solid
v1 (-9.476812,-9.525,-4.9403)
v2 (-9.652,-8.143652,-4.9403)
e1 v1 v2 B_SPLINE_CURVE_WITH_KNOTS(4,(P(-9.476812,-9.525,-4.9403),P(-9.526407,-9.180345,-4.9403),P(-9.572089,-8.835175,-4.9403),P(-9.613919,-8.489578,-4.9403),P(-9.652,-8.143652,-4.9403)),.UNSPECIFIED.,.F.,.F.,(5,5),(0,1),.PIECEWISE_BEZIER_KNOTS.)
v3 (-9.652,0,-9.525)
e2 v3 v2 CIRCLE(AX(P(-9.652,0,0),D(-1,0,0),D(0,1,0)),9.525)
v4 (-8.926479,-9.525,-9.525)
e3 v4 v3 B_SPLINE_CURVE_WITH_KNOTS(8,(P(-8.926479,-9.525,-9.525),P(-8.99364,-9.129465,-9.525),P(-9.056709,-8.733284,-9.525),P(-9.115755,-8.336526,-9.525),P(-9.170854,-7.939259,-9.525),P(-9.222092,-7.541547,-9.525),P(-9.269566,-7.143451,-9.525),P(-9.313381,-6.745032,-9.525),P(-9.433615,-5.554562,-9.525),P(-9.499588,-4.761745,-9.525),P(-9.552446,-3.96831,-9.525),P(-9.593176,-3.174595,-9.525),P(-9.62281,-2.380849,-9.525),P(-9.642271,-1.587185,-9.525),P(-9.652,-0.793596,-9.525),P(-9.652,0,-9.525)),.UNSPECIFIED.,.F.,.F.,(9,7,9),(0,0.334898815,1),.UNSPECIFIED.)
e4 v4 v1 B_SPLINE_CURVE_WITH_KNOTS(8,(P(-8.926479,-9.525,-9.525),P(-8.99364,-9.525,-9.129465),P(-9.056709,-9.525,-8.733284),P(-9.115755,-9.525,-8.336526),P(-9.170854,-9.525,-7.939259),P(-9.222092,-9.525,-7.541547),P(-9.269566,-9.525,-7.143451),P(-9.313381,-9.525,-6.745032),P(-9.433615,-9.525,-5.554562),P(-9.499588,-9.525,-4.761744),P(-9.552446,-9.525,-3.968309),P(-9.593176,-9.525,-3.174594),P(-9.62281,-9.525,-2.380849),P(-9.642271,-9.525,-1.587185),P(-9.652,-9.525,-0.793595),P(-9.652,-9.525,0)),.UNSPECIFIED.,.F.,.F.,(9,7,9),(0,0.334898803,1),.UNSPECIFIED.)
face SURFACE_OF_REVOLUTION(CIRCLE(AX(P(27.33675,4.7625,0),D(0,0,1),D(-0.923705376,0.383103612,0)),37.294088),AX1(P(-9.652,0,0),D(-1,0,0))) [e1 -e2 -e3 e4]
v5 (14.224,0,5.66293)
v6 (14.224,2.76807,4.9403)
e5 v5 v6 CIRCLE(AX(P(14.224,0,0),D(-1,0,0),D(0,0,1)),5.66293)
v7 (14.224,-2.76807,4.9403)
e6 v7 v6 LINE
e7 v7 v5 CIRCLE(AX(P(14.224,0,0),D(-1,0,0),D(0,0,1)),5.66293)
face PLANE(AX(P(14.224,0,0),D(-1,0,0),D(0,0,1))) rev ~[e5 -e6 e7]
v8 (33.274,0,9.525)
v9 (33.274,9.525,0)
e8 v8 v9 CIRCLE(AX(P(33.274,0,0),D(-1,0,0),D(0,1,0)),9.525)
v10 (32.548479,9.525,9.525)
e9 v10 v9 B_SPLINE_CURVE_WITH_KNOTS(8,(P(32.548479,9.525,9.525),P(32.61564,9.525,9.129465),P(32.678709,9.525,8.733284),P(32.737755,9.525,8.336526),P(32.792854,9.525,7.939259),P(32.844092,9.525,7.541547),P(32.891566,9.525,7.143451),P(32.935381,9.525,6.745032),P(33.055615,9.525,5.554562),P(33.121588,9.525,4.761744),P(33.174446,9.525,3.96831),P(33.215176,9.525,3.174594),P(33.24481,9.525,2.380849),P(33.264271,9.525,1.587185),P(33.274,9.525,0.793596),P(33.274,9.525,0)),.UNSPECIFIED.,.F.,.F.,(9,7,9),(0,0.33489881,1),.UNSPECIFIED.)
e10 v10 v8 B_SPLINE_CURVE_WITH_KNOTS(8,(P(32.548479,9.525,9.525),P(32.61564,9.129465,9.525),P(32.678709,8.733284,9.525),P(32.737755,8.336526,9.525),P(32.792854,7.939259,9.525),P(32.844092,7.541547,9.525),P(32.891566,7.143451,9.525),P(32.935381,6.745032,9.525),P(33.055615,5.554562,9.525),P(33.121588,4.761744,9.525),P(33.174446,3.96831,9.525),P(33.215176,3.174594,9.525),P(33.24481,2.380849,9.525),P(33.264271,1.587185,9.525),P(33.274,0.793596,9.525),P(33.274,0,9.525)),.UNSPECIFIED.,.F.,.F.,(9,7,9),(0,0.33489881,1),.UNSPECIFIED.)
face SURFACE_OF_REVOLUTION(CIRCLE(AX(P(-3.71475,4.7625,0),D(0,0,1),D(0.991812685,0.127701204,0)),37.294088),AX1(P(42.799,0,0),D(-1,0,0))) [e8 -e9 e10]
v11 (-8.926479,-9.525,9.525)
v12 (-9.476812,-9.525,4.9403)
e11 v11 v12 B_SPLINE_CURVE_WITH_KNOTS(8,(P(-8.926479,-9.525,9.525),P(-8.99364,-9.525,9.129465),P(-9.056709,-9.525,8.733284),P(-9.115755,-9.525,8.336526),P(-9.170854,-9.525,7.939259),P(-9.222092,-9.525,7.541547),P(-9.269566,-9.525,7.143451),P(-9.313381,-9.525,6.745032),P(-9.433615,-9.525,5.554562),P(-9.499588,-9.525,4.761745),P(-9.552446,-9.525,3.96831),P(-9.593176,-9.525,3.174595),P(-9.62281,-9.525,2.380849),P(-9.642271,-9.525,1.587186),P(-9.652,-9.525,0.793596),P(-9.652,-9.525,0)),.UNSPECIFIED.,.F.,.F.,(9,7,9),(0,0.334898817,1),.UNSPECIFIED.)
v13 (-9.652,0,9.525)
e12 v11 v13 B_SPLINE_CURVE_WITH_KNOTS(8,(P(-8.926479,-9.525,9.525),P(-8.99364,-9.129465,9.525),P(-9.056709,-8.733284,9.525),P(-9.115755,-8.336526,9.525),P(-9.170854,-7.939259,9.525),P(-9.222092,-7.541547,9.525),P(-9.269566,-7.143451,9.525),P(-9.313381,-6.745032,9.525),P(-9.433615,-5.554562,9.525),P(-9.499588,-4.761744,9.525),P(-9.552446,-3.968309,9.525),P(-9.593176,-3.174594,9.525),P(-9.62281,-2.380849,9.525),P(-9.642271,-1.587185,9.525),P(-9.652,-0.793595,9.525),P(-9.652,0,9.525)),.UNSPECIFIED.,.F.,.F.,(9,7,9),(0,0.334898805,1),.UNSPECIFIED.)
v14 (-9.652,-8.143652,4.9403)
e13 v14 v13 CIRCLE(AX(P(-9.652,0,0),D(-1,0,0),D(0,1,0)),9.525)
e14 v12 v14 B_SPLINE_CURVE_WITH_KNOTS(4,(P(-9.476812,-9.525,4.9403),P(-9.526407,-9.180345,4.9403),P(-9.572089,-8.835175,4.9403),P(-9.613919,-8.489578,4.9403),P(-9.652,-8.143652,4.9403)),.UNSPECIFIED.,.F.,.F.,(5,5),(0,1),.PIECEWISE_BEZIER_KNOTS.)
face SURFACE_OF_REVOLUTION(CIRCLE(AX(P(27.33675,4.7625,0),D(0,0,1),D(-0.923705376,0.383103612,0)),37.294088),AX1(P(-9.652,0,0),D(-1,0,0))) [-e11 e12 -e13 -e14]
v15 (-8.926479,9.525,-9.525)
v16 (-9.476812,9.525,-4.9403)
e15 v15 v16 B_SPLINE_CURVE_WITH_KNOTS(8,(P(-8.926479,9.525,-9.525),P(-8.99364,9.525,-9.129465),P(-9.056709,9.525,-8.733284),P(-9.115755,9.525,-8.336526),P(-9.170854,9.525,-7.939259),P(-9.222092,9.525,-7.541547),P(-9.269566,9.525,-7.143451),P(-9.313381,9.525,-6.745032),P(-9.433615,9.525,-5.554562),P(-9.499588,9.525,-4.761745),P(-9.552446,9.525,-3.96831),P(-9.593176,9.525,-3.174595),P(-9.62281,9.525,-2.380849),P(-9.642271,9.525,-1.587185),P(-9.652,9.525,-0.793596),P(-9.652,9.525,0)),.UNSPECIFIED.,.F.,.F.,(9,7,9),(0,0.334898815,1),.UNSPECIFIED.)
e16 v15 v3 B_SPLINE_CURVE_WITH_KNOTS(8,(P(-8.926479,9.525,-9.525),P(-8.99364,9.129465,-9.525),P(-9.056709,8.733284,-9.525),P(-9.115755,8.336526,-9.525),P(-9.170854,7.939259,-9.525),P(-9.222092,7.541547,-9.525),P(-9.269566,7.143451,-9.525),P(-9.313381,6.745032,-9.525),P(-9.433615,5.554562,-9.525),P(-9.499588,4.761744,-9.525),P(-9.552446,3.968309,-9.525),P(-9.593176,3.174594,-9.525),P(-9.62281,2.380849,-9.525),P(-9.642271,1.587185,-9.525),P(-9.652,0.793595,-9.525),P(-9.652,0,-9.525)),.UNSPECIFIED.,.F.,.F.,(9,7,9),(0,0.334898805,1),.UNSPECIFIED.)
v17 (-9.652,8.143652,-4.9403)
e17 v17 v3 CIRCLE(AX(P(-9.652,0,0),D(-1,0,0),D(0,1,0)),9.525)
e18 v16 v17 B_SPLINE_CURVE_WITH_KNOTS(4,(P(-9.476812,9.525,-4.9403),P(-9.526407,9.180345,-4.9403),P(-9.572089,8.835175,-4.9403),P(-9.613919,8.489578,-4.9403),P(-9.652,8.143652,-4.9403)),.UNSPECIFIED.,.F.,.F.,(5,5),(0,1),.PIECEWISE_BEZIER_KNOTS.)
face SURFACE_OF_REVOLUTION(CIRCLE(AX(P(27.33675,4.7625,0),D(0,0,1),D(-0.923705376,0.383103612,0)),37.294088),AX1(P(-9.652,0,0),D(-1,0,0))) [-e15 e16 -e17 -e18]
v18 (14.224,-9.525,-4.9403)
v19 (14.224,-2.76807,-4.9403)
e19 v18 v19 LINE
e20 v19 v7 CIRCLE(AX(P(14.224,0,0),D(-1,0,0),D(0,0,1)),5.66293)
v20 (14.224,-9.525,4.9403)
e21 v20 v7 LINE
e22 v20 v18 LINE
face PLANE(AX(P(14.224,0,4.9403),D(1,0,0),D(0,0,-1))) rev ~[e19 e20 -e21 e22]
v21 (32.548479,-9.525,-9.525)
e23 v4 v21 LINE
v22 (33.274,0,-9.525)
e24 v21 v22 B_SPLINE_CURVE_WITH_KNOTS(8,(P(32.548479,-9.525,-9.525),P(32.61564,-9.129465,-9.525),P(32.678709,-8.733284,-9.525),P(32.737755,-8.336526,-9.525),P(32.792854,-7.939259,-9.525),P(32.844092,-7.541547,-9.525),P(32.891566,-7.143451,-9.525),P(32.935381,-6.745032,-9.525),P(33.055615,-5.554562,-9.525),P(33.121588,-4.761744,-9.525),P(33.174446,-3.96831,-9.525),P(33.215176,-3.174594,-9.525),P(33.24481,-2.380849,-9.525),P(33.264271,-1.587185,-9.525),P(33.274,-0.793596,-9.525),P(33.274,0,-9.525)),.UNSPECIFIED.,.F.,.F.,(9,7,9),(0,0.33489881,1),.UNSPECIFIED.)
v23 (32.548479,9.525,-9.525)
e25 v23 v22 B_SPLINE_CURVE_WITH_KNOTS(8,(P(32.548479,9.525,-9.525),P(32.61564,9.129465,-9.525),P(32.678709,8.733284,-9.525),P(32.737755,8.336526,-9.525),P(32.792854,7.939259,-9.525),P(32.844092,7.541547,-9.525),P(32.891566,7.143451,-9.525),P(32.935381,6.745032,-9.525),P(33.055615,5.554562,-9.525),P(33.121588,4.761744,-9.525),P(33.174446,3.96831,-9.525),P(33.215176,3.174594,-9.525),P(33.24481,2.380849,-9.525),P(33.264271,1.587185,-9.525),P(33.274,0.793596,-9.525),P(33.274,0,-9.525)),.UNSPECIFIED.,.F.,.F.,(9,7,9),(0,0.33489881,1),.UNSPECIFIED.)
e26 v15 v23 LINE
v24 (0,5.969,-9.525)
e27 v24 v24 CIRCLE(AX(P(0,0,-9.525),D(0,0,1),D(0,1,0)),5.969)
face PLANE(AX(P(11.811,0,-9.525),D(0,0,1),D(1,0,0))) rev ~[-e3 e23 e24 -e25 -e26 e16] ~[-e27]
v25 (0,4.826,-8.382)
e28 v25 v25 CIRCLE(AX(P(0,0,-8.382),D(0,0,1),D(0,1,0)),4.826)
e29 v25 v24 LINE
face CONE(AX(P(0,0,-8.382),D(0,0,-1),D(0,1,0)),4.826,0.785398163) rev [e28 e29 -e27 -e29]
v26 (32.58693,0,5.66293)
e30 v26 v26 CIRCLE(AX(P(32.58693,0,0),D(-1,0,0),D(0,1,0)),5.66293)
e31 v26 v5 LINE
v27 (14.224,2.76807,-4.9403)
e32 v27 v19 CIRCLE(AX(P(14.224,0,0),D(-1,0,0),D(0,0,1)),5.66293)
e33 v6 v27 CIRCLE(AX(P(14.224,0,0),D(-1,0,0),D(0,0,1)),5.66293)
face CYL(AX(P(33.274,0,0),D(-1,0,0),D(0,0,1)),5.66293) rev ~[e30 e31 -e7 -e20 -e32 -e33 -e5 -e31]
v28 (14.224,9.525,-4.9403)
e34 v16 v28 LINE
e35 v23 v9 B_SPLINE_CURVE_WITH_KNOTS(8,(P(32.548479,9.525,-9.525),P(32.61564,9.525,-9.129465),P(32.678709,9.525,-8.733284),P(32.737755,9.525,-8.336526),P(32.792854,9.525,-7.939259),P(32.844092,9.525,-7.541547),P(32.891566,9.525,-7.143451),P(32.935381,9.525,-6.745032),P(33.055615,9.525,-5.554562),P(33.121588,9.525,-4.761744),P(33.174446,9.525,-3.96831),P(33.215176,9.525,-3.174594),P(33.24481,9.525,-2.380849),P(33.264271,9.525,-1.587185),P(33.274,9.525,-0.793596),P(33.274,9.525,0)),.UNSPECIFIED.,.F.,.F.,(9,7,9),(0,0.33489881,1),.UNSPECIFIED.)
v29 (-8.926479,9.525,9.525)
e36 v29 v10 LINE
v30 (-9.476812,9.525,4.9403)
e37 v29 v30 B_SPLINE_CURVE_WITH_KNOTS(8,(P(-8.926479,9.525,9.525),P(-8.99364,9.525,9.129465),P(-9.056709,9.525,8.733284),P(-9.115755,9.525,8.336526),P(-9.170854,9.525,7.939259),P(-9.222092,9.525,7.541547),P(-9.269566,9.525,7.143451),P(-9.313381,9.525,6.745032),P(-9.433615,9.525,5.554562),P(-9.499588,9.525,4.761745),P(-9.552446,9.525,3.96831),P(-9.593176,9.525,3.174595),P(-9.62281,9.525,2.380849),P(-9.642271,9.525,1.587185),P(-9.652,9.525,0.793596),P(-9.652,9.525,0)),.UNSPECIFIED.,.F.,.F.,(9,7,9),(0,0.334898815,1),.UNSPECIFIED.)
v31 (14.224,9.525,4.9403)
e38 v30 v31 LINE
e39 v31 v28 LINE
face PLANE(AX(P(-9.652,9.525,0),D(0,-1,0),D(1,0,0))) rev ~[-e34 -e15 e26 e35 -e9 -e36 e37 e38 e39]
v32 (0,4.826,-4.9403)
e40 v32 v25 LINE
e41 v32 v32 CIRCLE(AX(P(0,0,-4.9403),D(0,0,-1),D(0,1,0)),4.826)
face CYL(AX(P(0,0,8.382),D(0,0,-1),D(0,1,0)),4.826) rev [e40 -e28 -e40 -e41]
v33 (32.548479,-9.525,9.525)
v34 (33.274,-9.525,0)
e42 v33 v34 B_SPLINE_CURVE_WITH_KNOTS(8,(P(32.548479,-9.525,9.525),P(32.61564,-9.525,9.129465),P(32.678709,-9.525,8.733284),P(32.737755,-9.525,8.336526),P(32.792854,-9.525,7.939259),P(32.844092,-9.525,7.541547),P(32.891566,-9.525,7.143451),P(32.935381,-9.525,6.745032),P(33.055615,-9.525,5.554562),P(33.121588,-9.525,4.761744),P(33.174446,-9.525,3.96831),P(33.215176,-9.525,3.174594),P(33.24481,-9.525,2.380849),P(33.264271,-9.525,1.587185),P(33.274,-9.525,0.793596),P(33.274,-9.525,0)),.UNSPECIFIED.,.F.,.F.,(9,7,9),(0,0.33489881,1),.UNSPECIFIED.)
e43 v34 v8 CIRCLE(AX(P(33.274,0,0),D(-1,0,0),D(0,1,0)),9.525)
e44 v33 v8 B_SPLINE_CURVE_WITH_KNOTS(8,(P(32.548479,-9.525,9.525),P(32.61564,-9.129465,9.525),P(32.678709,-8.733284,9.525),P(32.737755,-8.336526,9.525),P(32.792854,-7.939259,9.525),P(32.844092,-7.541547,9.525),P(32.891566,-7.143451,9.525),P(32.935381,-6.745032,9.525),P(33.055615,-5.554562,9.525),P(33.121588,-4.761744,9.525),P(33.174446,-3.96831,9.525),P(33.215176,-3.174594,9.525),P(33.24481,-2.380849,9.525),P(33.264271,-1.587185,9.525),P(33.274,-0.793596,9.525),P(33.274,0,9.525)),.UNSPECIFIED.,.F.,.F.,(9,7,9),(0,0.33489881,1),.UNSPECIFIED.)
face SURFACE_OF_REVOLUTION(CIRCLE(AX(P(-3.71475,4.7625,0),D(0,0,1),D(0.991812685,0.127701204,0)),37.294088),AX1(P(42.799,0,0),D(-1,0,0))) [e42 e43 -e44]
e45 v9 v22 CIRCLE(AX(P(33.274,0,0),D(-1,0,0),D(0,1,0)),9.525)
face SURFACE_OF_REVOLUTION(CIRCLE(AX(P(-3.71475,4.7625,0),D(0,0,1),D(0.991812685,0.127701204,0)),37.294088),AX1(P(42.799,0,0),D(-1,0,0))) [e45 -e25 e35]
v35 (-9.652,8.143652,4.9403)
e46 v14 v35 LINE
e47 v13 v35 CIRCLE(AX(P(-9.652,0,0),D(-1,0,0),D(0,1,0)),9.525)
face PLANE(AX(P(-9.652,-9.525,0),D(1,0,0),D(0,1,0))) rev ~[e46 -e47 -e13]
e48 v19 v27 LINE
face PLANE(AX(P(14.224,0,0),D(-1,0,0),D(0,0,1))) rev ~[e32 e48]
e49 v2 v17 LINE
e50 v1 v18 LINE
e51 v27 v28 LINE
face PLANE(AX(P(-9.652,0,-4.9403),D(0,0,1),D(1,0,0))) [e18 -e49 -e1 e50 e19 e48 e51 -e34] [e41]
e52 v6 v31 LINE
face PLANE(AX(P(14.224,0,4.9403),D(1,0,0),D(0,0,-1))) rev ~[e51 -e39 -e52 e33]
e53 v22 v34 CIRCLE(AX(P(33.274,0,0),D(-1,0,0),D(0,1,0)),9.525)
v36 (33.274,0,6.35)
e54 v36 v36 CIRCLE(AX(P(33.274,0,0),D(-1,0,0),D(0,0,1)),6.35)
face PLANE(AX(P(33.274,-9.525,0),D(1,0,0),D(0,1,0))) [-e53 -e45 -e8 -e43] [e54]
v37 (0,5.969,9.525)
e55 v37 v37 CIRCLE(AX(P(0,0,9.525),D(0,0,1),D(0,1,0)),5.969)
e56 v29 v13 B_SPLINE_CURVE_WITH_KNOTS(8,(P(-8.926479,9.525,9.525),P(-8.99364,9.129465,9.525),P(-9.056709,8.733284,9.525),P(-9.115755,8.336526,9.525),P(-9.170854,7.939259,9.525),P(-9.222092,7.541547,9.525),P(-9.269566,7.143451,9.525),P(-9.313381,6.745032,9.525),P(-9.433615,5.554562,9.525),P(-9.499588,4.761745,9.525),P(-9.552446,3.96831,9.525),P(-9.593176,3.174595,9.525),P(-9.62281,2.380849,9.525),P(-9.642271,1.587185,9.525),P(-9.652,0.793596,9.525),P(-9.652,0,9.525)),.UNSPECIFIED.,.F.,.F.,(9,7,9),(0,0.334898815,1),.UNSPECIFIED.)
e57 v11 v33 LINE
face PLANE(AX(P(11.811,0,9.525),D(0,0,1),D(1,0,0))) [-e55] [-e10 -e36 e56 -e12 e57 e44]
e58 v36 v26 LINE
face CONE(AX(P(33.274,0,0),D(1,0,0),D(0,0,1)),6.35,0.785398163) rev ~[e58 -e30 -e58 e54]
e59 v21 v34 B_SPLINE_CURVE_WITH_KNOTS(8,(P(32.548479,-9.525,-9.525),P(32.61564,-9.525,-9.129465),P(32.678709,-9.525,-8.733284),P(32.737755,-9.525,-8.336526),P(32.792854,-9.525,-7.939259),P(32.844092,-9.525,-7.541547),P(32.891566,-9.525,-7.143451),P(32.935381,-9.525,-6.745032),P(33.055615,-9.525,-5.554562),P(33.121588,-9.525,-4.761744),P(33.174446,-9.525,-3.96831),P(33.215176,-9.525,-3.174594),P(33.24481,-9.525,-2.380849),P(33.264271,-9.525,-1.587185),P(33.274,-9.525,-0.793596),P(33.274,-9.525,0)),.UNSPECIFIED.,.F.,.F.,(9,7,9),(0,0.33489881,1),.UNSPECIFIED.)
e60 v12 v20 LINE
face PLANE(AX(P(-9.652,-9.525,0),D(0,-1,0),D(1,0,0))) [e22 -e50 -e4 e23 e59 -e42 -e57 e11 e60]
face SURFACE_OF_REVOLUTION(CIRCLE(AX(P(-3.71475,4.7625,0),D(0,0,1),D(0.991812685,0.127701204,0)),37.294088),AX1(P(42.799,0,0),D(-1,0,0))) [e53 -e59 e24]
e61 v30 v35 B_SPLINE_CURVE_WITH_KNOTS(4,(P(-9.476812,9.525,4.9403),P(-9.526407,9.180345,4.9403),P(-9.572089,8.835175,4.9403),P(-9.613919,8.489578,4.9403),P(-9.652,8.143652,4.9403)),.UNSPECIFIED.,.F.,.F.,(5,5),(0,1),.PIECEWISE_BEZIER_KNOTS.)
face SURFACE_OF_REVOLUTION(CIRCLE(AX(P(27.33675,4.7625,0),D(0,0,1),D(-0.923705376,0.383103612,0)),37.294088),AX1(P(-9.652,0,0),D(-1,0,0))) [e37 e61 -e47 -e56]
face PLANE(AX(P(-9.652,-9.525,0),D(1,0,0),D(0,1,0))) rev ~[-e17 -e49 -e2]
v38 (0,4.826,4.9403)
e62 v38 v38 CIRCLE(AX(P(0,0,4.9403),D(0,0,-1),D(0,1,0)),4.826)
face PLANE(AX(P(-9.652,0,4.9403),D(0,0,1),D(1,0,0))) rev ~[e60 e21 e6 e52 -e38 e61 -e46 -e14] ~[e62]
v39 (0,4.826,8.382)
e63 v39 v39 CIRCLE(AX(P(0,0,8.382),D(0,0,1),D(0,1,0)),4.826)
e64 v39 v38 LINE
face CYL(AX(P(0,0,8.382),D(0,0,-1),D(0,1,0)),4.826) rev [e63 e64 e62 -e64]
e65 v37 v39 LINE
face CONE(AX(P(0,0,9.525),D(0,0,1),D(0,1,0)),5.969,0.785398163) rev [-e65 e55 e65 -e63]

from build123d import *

# Parameters (mm, degrees)
BOSS_EXTRUDE1_DEPTH      = 9.525
BOSS_EXTRUDE1_DEPTH_BACK = 9.525
SKETCH1_W                = 42.926
SKETCH1_H                = 19.05
CUT_EXTRUDE1_DEPTH       = 9.525
CUT_EXTRUDE1_DEPTH_BACK  = 9.525
SKETCH2_W                = 23.876
SKETCH2_H                = 9.8806
HOLE1_D                  = 11.32586
HOLE1_DEPTH              = 19.05
HOLE1_CSINK_D            = 12.7
HOLE1_CSINK_ANGLE        = 90


with BuildPart() as part:
    # Sketch1 → Boss-Extrude1 (new, two sides: drawn at the far end of the back side and taken through both)
    with BuildSketch(Plane.XY.offset(-BOSS_EXTRUDE1_DEPTH_BACK)):
        with Locations((11.811, 0)):
            Rectangle(SKETCH1_W, SKETCH1_H)
    extrude(amount=BOSS_EXTRUDE1_DEPTH + BOSS_EXTRUDE1_DEPTH_BACK)

    # Sketch2 → Cut-Extrude1 (cut, two sides: drawn at the far end of the back side and taken through both)
    with BuildSketch(Plane(origin=(0, 0, 0), x_dir=(1, 0, 0), z_dir=(0, 1, 0)).offset(-CUT_EXTRUDE1_DEPTH_BACK)):
        with Locations((2.286, 0)):
            Rectangle(SKETCH2_W, SKETCH2_H)
    extrude(amount=CUT_EXTRUDE1_DEPTH + CUT_EXTRUDE1_DEPTH_BACK, mode=Mode.SUBTRACT)

    # Hole1
    with Locations(Plane(origin=(33.274, 0, 0), x_dir=(0, 0, -1), z_dir=(1, 0, 0))):
        with Locations((0, 0)):
            CounterSinkHole(HOLE1_D / 2, HOLE1_CSINK_D / 2, depth=HOLE1_DEPTH, counter_sink_angle=HOLE1_CSINK_ANGLE)

    # Sketch5 → Cut-Revolve1 (revolve, cut)
    with BuildSketch(Plane(origin=(0, 0, 0), x_dir=(0, 0, -1), z_dir=(1, 0, 0))):
        Polygon((-9.525, 0), (-9.525, 5.969), (-8.382, 4.826), (8.382, 4.826), (9.525, 5.969), (9.525, 0), align=None)
    revolve(axis=Axis((0, 0, -9.525), (0, 0, 1)), mode=Mode.SUBTRACT)

    # Sketch6 → Cut-Revolve2 (revolve, cut)
    with BuildSketch(Plane.XY):
        with BuildLine():
            Line((33.274, 0), (33.274, 9.525))
            ThreePointArc((33.274, 9.525), (32.320101294, 14.371793679), (30.734, 19.05))
            Line((30.734, 19.05), (42.799, 19.05))
            Line((42.799, 19.05), (42.799, 0))
            Line((42.799, 0), (33.274, 0))
        make_face()
    revolve(axis=Axis((42.799, 0, 0), (-1, 0, 0)), mode=Mode.SUBTRACT)

    # Sketch7 → Cut-Revolve3 (revolve, cut)
    with BuildSketch(Plane.XY):
        with BuildLine():
            Line((-19.177, 0), (-19.177, 19.05))
            Line((-19.177, 19.05), (-7.112, 19.05))
            ThreePointArc((-7.112, 19.05), (-8.698101294, 14.371793679), (-9.652, 9.525))
            Line((-9.652, 9.525), (-9.652, 0))
            Line((-9.652, 0), (-19.177, 0))
        make_face()
    revolve(axis=Axis((-9.652, 0, 0), (-1, 0, 0)), mode=Mode.SUBTRACT)


solid = part.part
